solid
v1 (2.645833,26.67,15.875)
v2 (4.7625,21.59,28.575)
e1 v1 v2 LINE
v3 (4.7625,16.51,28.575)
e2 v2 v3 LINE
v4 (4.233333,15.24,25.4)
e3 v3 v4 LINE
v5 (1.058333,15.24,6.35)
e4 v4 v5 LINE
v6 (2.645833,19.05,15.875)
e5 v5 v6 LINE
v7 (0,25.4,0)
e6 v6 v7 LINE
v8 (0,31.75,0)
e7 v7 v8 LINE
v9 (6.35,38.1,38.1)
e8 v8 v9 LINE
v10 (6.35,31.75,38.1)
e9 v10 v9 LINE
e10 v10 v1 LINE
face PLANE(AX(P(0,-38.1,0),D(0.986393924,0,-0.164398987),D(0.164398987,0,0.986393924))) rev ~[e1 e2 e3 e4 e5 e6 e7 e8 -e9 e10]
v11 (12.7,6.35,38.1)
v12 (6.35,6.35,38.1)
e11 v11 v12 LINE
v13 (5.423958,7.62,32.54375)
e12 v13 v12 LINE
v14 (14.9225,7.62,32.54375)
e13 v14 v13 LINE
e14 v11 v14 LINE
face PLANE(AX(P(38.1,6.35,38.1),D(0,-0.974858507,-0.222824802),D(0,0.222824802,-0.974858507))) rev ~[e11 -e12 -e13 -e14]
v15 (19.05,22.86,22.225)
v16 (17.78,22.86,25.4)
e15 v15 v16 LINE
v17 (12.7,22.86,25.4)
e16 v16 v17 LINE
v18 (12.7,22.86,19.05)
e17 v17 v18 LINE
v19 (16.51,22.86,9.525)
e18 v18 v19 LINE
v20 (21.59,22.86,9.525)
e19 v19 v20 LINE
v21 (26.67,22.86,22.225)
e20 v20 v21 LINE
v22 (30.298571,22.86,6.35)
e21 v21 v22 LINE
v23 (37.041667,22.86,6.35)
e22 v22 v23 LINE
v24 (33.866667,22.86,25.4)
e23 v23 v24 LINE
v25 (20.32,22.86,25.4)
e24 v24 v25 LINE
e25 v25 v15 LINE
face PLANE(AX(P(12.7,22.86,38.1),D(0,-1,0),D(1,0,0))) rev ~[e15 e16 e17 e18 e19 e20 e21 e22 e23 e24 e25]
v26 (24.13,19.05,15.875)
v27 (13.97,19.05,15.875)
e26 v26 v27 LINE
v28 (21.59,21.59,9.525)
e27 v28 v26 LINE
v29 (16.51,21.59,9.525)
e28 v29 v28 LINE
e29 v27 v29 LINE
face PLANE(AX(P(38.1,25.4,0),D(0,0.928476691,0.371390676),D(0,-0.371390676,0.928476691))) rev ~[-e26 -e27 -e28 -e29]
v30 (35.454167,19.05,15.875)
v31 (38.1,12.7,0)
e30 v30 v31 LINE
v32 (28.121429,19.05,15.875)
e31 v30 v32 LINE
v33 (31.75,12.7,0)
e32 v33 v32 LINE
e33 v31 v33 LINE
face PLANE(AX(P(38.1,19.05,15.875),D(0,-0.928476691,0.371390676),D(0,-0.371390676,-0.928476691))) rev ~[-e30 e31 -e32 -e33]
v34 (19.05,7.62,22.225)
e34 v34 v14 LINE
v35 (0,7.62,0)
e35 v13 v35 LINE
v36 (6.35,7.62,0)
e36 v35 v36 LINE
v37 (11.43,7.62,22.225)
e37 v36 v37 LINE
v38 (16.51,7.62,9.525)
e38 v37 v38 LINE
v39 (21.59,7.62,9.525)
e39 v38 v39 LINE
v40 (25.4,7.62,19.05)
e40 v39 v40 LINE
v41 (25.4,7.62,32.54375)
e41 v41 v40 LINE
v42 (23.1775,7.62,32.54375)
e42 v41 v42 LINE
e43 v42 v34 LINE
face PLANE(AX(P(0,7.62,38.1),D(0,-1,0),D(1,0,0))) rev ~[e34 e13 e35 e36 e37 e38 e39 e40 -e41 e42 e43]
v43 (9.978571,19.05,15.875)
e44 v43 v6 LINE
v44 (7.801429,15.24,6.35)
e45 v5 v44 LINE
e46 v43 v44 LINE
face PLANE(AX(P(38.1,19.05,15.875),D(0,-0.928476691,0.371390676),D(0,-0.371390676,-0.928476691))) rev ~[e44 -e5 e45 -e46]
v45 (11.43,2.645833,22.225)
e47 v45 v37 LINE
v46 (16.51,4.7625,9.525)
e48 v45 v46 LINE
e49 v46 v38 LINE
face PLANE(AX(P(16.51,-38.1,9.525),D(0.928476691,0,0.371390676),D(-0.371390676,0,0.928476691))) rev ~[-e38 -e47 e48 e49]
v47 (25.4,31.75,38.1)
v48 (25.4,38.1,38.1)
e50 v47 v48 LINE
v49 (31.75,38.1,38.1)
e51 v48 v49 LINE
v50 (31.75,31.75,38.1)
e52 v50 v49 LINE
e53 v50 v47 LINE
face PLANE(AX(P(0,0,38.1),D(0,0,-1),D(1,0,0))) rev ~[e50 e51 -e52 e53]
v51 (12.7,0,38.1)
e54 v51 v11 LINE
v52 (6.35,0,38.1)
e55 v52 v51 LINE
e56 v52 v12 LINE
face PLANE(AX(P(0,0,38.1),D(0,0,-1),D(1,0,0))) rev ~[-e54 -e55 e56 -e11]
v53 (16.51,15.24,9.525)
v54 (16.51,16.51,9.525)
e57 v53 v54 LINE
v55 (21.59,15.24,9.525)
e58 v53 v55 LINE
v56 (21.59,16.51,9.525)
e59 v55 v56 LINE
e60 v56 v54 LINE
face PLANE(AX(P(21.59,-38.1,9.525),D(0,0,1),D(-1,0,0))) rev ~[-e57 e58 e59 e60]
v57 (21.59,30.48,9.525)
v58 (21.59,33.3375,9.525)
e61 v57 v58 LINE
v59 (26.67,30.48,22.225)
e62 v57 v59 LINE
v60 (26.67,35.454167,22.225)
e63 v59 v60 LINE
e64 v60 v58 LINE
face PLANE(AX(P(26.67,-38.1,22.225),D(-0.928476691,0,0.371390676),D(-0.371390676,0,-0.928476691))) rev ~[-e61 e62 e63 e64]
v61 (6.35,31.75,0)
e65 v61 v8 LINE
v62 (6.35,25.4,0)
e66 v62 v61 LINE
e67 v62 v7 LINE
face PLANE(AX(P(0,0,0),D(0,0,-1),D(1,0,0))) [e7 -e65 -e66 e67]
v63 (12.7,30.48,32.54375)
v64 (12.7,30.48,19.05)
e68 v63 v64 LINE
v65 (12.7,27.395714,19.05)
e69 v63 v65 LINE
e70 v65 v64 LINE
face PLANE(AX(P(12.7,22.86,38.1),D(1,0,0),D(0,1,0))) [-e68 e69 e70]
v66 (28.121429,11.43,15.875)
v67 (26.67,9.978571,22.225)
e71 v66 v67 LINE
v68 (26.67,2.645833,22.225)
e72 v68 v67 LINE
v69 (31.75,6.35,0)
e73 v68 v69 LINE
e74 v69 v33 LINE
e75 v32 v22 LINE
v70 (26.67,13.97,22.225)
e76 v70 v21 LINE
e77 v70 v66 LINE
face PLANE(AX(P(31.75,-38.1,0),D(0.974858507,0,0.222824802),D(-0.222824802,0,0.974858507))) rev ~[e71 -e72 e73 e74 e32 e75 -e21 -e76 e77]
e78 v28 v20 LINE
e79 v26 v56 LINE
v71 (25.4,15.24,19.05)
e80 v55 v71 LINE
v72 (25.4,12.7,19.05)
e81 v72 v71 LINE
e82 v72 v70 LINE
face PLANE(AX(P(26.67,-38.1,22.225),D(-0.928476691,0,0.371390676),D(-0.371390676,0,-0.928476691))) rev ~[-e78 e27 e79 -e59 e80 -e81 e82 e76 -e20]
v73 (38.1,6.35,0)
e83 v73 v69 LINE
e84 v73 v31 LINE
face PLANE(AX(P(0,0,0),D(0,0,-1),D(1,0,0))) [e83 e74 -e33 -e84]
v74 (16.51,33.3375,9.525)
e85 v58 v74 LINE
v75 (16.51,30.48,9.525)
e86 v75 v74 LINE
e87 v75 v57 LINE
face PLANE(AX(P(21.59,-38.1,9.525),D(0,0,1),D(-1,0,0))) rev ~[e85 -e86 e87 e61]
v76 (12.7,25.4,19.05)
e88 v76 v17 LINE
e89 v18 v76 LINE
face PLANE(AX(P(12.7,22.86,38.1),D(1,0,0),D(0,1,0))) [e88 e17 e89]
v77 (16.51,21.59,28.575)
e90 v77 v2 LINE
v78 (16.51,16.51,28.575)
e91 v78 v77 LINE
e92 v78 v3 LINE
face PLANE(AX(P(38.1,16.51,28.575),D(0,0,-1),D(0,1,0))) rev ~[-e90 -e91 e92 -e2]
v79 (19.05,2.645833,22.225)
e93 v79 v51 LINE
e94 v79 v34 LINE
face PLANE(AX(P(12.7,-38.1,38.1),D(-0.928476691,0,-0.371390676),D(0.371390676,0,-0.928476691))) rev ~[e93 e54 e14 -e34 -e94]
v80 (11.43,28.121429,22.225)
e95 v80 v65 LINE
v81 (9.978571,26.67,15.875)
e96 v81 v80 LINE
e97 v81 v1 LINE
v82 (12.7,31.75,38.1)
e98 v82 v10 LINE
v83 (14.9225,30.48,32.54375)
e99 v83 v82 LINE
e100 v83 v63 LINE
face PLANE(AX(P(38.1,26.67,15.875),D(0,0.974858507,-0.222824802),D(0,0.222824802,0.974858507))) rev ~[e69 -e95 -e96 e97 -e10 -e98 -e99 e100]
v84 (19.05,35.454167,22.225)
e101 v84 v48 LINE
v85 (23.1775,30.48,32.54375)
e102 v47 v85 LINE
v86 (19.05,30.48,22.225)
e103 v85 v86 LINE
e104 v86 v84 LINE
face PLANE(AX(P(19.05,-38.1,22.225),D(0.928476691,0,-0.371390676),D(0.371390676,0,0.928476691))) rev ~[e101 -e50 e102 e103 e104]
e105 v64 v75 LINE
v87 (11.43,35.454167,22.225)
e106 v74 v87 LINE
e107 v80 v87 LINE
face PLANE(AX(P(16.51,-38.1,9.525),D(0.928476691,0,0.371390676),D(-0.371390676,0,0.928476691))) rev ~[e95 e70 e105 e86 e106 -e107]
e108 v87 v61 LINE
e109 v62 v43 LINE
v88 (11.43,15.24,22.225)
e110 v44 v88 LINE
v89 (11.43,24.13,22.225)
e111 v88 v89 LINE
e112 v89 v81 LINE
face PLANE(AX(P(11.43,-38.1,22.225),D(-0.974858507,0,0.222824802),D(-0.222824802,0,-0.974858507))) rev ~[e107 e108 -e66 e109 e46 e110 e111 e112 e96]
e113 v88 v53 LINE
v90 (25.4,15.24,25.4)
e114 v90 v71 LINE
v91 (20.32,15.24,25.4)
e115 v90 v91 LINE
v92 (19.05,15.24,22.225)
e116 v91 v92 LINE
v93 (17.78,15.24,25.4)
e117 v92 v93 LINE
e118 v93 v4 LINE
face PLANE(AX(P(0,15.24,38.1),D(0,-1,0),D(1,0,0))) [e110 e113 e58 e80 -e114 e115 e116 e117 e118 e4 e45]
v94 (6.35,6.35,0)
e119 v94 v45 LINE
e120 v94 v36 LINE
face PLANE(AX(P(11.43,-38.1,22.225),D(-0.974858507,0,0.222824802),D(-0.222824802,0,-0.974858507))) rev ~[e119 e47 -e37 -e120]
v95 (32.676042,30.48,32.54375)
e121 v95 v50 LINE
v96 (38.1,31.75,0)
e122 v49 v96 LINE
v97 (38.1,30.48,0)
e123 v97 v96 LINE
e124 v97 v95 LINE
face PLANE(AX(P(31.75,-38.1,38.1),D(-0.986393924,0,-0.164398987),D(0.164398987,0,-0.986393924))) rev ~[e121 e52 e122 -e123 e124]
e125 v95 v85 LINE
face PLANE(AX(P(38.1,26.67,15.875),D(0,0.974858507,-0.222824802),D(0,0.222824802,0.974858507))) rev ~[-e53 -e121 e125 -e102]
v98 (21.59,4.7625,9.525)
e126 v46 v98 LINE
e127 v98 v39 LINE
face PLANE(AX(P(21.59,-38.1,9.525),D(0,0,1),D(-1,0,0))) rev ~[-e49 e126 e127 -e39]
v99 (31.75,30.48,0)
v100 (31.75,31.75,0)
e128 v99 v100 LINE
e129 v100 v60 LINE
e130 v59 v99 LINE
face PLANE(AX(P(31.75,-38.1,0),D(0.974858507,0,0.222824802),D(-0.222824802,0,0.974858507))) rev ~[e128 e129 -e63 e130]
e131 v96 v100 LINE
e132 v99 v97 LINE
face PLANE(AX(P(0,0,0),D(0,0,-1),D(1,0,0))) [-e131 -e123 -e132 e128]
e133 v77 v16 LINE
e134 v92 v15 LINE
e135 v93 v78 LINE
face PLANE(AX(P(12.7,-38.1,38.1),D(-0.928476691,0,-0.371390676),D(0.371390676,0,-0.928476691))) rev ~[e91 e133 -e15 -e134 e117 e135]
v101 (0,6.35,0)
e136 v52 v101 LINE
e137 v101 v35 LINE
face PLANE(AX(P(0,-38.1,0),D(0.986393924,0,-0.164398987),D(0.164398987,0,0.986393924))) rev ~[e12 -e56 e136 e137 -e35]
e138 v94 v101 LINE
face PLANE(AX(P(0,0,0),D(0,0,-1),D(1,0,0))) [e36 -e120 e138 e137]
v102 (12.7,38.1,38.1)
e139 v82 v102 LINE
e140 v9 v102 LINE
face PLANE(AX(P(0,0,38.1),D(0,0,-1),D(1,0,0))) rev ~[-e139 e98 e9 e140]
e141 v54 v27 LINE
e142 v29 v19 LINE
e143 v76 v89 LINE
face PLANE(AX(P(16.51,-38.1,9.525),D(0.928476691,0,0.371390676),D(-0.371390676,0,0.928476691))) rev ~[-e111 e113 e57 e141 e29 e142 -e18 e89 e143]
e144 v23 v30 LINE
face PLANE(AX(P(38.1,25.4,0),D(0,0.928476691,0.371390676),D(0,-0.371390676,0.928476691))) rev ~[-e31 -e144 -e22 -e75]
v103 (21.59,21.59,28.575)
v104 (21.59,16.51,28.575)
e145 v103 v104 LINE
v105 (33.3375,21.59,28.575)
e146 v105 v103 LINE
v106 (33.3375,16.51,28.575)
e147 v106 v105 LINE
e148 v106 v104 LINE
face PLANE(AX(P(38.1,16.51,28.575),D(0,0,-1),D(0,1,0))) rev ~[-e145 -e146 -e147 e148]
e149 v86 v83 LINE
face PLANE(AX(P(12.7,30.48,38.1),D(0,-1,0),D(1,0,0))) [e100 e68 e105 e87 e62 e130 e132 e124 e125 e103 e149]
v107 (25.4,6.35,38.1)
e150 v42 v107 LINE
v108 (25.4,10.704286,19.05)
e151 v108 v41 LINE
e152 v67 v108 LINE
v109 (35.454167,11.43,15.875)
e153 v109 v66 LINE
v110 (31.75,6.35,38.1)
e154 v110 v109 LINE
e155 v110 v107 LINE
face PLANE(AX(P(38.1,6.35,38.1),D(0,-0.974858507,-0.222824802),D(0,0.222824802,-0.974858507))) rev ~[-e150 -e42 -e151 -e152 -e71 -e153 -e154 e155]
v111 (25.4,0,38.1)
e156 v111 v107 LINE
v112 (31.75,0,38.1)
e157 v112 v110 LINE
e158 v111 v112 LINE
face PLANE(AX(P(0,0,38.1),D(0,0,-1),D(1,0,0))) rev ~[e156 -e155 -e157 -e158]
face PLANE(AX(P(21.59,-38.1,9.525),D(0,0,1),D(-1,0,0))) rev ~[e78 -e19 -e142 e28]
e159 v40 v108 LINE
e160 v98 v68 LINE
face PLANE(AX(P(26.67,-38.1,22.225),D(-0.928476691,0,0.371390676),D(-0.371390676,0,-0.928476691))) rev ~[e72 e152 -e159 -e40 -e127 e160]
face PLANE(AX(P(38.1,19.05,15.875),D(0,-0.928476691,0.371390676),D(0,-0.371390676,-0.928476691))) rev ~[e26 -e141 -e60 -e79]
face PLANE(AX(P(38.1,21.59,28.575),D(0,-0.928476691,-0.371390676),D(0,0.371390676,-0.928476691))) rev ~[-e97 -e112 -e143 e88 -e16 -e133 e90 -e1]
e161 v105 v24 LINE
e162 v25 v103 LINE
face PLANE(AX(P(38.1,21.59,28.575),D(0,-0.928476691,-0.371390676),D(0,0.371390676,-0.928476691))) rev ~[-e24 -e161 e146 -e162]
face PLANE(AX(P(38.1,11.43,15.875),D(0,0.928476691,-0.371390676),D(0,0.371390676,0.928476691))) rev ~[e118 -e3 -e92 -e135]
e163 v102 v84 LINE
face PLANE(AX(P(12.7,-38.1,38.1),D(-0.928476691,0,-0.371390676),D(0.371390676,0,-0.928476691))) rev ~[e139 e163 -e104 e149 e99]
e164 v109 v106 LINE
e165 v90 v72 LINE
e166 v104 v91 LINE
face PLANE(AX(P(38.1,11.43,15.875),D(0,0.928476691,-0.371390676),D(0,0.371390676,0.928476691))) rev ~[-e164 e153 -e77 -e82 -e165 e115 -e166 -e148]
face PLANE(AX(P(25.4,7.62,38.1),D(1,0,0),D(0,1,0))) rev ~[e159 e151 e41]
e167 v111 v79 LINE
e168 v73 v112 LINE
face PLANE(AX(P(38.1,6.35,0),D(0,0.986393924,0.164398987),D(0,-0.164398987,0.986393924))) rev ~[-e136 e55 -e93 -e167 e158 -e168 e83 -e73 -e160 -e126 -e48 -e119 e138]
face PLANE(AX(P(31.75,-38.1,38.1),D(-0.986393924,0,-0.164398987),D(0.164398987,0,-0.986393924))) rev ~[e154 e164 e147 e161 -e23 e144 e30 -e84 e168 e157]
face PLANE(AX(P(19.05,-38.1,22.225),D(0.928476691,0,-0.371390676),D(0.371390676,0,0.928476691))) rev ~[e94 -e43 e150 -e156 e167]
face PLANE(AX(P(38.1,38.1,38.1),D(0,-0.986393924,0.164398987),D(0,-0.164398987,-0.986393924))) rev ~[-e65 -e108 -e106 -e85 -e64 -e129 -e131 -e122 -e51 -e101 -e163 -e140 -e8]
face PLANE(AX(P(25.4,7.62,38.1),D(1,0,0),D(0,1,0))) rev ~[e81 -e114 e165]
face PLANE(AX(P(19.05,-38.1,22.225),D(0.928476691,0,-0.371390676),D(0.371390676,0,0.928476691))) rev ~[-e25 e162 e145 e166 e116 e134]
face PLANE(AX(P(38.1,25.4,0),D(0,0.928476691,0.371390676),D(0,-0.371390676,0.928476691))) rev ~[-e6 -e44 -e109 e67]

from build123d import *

# Parameters (mm, degrees)
F0_W      = 38.1
F0_H      = 38.1
F1_DEPTH  = 38.1
F6_DEPTH  = 38.1
F8_DEPTH  = 76.2
F9_W      = 25.4
F9_H      = 7.62
F10_DEPTH = 38.1


with BuildPart() as f1:
    # F0 (on Front) → F1 (new body)
    with BuildSketch(Plane.XZ):
        with Locations((19.05, 19.05)):
            Rectangle(F0_W, F0_H)
    extrude(amount=-F1_DEPTH)

    # F5 (on offset) → F6 (cut)
    with BuildSketch(Plane.YZ.offset(38.1)):
        Polygon((31.75, 38.1), (6.35, 38.1), (11.43, 15.875), (16.51, 28.575), (21.59, 28.575), (26.67, 15.875), align=None)
        Polygon((0, 38.1), (0, 0), (6.35, 0), align=None)
        Polygon((19.05, 15.875), (12.7, 0), (25.4, 0), align=None)
        Polygon((38.1, 0), (38.1, 38.1), (31.75, 0), align=None)
    extrude(amount=-F6_DEPTH, mode=Mode.SUBTRACT)

    # F7 (on offset) → F8 (cut)
    with BuildSketch(Plane.XZ.offset(38.1)):
        Polygon((0, 38.1), (0, 0), (6.35, 38.1), align=None)
        Polygon((19.05, 22.225), (25.4, 38.1), (12.7, 38.1), align=None)
        Polygon((38.1, 0), (38.1, 38.1), (31.75, 38.1), align=None)
        Polygon((6.35, 0), (31.75, 0), (26.67, 22.225), (21.59, 9.525), (16.51, 9.525), (11.43, 22.225), align=None)
    extrude(amount=-F8_DEPTH, mode=Mode.SUBTRACT)

    # F9 (on offset) → F10 (cut)
    with BuildSketch(Plane.XY.offset(38.1)):
        with Locations((25.4, 26.67)):
            Rectangle(F9_W, F9_H)
        with Locations((12.7, 11.43)):
            Rectangle(F9_W, F9_H)
    extrude(amount=-F10_DEPTH, mode=Mode.SUBTRACT)


solid = f1.part
